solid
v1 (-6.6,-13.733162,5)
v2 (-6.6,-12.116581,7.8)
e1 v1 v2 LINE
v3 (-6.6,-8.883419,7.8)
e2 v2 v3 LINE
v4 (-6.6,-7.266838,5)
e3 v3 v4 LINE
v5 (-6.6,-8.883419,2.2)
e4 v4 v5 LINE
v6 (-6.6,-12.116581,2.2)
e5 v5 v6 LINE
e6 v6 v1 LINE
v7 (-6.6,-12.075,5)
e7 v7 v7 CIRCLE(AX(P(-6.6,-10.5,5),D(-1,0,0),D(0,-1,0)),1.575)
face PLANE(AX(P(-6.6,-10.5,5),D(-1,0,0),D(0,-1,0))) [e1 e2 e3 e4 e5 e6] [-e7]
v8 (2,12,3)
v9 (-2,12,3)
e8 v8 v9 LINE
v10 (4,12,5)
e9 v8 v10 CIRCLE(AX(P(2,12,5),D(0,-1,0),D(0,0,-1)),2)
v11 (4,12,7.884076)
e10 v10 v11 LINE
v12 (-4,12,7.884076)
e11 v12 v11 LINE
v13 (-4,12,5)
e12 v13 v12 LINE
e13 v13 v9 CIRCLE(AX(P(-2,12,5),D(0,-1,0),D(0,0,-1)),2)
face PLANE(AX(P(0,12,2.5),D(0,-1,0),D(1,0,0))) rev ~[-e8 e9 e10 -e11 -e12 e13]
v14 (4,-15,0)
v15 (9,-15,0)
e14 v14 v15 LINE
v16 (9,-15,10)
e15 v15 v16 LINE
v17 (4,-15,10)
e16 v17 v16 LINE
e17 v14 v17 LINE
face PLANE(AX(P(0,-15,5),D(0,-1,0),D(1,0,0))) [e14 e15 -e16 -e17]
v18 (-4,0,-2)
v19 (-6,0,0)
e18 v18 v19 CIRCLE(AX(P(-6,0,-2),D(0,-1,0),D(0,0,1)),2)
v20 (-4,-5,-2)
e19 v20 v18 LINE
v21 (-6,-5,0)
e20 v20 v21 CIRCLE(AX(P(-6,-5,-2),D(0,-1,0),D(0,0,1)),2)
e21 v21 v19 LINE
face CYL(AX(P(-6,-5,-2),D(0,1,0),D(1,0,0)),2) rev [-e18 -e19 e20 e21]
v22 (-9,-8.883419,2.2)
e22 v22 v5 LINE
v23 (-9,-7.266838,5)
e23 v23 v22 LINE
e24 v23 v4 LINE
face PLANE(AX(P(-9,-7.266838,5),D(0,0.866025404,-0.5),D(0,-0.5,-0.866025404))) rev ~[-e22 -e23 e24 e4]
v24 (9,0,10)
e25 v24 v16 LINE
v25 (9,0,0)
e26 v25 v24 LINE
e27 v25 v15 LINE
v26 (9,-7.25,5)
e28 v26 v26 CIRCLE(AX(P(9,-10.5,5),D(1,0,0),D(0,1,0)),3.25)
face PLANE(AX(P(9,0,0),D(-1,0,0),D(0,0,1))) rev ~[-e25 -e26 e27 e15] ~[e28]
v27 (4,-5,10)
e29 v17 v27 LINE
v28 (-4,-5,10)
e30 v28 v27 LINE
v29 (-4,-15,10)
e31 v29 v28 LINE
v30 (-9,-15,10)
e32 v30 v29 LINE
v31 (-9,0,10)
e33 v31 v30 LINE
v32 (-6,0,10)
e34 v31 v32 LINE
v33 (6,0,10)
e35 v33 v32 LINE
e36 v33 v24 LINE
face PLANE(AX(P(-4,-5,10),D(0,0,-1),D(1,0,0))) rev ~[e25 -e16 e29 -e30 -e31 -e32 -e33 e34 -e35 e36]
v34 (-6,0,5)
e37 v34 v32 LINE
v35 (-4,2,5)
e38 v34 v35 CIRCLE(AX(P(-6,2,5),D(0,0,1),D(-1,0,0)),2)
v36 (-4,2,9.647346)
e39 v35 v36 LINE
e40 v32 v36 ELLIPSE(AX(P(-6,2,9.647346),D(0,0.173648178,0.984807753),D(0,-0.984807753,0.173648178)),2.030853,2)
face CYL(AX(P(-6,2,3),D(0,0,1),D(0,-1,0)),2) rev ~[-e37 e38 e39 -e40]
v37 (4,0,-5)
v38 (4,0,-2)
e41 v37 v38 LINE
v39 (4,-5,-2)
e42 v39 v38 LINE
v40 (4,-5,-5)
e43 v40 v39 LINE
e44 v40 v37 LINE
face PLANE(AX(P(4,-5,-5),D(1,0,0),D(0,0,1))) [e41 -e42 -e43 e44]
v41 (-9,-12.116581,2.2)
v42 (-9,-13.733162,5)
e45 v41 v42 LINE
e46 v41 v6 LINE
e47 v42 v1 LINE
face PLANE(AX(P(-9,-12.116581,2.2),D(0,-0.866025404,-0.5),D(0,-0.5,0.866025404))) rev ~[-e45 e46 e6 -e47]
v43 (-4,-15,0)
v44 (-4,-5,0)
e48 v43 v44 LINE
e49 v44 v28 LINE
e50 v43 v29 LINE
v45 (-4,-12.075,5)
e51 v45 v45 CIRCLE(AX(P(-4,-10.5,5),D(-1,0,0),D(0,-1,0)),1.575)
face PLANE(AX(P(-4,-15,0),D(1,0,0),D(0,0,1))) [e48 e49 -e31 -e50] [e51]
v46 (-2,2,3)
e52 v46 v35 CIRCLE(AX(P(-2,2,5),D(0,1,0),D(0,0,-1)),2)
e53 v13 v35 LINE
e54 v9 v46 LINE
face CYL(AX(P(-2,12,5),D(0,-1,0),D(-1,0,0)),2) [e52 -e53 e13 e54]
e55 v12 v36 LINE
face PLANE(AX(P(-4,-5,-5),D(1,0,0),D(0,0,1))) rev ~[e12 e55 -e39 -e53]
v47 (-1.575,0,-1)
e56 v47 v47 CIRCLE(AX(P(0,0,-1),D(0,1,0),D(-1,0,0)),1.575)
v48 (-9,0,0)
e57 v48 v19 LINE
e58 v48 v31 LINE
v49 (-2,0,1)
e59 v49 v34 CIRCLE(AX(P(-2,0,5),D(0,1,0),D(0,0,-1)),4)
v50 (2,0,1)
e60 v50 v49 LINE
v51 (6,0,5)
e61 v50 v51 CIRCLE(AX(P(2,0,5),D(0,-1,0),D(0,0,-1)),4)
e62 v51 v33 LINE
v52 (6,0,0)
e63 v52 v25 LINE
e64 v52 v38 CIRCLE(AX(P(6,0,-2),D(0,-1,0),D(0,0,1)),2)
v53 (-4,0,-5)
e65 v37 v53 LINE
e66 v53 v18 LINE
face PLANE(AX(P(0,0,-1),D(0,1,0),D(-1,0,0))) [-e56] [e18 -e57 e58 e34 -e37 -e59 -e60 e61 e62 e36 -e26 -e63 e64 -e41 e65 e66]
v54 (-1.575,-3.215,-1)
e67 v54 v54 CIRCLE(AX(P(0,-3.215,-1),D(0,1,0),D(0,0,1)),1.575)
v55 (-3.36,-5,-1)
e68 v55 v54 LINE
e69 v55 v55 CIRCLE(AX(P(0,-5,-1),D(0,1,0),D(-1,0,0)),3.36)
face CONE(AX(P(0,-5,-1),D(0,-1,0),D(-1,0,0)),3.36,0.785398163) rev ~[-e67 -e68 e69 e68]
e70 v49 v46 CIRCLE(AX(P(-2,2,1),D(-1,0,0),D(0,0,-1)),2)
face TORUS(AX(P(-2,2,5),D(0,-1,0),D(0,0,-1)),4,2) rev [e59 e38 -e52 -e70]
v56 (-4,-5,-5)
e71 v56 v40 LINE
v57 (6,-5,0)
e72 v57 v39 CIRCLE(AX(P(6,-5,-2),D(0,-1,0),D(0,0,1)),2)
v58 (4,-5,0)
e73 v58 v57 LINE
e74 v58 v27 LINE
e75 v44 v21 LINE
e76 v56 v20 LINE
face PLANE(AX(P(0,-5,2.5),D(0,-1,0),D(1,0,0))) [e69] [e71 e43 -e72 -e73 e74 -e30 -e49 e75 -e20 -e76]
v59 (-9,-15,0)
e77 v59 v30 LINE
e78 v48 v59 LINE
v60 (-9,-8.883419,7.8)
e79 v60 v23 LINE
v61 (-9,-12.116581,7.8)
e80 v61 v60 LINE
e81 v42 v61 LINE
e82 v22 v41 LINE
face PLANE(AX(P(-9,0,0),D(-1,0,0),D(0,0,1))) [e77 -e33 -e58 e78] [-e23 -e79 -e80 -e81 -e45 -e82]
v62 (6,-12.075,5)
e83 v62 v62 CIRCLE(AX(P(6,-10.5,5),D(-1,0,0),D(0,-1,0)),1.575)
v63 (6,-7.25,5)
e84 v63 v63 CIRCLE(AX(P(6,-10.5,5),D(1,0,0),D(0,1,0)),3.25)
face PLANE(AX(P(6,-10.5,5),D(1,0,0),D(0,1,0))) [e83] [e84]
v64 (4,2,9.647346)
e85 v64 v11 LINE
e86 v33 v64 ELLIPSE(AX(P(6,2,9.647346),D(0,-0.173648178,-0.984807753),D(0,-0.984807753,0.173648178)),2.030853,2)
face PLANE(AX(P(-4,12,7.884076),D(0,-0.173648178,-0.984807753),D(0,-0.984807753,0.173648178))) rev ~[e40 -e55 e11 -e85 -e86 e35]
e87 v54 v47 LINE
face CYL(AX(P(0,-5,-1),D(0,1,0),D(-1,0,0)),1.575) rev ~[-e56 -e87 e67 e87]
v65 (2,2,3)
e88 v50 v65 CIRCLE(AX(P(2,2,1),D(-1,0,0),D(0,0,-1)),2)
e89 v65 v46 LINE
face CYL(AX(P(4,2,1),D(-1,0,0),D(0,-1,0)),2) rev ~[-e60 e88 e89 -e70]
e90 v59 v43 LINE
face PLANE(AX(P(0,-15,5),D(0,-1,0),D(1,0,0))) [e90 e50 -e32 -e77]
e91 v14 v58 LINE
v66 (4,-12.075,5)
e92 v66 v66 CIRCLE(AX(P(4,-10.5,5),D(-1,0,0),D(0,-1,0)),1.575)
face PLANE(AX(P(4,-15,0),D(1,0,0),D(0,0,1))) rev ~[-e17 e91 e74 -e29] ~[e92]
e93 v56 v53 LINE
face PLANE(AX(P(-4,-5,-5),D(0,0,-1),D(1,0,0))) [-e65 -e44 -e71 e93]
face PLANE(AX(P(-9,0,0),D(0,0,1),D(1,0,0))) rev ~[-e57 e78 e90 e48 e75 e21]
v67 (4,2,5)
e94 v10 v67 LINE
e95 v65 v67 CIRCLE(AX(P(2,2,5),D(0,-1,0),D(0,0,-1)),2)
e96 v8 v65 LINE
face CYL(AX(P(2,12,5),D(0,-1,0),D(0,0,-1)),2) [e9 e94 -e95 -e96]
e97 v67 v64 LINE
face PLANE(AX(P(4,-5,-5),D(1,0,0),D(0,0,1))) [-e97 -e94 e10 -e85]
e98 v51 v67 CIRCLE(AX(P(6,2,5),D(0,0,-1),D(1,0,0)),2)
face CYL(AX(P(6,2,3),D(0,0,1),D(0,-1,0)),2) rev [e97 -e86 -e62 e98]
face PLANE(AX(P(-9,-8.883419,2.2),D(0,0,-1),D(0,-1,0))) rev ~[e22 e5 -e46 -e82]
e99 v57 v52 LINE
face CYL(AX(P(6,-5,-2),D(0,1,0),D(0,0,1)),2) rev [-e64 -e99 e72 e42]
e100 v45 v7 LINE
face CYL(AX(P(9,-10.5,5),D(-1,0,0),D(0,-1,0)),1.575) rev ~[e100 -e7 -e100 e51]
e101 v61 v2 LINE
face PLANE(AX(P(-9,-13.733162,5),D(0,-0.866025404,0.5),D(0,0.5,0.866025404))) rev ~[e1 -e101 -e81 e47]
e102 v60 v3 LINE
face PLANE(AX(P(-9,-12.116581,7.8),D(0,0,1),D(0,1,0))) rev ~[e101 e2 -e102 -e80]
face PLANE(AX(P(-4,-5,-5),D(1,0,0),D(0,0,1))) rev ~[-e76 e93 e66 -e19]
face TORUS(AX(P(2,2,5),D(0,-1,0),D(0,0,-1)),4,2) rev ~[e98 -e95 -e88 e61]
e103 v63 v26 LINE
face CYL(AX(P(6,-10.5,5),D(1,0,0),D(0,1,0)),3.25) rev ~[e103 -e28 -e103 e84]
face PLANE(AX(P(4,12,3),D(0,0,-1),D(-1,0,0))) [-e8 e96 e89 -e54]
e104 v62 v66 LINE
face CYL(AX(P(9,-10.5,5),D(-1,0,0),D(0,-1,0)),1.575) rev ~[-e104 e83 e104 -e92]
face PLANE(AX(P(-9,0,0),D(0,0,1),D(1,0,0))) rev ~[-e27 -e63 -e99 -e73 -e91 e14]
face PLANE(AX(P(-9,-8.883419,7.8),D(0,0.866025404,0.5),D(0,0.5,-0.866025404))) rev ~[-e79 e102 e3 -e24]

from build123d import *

# Parameters (mm, degrees)
F0_W            = 18
F0_H            = 10
F1_DEPTH        = 15
F2_W            = 8
F2_H            = 10
F3_DEPTH        = 10
F5_D            = 3.15
F5_CBORE_D      = 6.5
F5_CBORE_DEPTH  = 3
F7_DEPTH        = 2.4
F8_W            = 8
F8_H            = 15
F9_DEPTH        = 17
F10_W           = 8
F10_H           = 8
F11_DEPTH       = 12
F13_D           = 3.15
F13_CSINK_D     = 6.72
F13_CSINK_ANGLE = 90
F15_DEPTH       = 25
F16_R           = 2


with BuildPart() as f1:
    # F0 (on Front) → F1 (new body)
    with BuildSketch(Plane.XZ):
        with Locations((0, 5)):
            Rectangle(F0_W, F0_H)
    extrude(amount=F1_DEPTH)

    # F2 (on face) → F3 (cut)
    with BuildSketch(Plane.XZ.offset(15)):
        with Locations((0, 5)):
            Rectangle(F2_W, F2_H)
    extrude(amount=-F3_DEPTH, mode=Mode.SUBTRACT)

    # F5 (through all)
    with Locations(Plane.YZ.offset(9)):
        with Locations((-10.5, 5)):
            CounterBoreHole(F5_D / 2, F5_CBORE_D / 2, F5_CBORE_DEPTH)

    # F6 (on face) → F7 (cut)
    with BuildSketch(Plane(origin=(-9, 0, 0), x_dir=(0, -1, 0), z_dir=(-1, 0, 0))):
        Polygon((12.1165807537, 2.2), (13.7331615075, 5), (12.1165807537, 7.8), (8.8834192463, 7.8), (7.2668384925, 5), (8.8834192463, 2.2), align=None)
    extrude(amount=-F7_DEPTH, mode=Mode.SUBTRACT)

    # F8 (on face) → F9 (join)
    with BuildSketch(Plane.XZ.offset(5)):
        with Locations((0, 2.5)):
            Rectangle(F8_W, F8_H)
    extrude(amount=-F9_DEPTH)

    # F10 (on face) → F11 (cut, through all)
    with BuildSketch(Plane(origin=(0, 12, 0), x_dir=(-1, 0, 0), z_dir=(0, 1, 0))):
        with Locations((0, -1)):
            Rectangle(F10_W, F10_H)
    extrude(amount=-F11_DEPTH, mode=Mode.SUBTRACT)

    # F13 (through all)
    with Locations(Plane.XZ.offset(5)):
        with Locations((0, -1)):
            CounterSinkHole(F13_D / 2, F13_CSINK_D / 2, counter_sink_angle=F13_CSINK_ANGLE)

    # F14 (on face) → F15 (cut)
    with BuildSketch(Plane(origin=(-4, 0, 0), x_dir=(0, -1, 0), z_dir=(-1, 0, 0))):
        Polygon((-12, 7.8840762315), (0, 10), (-12, 10), align=None)
    extrude(amount=-F15_DEPTH, mode=Mode.SUBTRACT)

    # F16 (call 1 of 3: OpenCascade refuses the feature's edges together)
    f16_edges = [f1.edges().sort_by_distance(p)[0] for p in [
        (-4, -2.5, 0),
    ]]
    fillet(f16_edges, radius=F16_R)

    # F16#2 (call 2 of 3)
    f16_2_edges = [f1.edges().sort_by_distance(p)[0] for p in [
        (0, 0, 3),
        (-4, 0, 6.5),
        (4, 0, 6.5),
        (-4, 6, 3),
        (4, 6, 3),
    ]]
    fillet(f16_2_edges, radius=F16_R)

    # F16#3 (call 3 of 3)
    f16_3_edges = [f1.edges().sort_by_distance(p)[0] for p in [
        (4, -2.5, 0),
    ]]
    fillet(f16_3_edges, radius=F16_R)


solid = f1.part
